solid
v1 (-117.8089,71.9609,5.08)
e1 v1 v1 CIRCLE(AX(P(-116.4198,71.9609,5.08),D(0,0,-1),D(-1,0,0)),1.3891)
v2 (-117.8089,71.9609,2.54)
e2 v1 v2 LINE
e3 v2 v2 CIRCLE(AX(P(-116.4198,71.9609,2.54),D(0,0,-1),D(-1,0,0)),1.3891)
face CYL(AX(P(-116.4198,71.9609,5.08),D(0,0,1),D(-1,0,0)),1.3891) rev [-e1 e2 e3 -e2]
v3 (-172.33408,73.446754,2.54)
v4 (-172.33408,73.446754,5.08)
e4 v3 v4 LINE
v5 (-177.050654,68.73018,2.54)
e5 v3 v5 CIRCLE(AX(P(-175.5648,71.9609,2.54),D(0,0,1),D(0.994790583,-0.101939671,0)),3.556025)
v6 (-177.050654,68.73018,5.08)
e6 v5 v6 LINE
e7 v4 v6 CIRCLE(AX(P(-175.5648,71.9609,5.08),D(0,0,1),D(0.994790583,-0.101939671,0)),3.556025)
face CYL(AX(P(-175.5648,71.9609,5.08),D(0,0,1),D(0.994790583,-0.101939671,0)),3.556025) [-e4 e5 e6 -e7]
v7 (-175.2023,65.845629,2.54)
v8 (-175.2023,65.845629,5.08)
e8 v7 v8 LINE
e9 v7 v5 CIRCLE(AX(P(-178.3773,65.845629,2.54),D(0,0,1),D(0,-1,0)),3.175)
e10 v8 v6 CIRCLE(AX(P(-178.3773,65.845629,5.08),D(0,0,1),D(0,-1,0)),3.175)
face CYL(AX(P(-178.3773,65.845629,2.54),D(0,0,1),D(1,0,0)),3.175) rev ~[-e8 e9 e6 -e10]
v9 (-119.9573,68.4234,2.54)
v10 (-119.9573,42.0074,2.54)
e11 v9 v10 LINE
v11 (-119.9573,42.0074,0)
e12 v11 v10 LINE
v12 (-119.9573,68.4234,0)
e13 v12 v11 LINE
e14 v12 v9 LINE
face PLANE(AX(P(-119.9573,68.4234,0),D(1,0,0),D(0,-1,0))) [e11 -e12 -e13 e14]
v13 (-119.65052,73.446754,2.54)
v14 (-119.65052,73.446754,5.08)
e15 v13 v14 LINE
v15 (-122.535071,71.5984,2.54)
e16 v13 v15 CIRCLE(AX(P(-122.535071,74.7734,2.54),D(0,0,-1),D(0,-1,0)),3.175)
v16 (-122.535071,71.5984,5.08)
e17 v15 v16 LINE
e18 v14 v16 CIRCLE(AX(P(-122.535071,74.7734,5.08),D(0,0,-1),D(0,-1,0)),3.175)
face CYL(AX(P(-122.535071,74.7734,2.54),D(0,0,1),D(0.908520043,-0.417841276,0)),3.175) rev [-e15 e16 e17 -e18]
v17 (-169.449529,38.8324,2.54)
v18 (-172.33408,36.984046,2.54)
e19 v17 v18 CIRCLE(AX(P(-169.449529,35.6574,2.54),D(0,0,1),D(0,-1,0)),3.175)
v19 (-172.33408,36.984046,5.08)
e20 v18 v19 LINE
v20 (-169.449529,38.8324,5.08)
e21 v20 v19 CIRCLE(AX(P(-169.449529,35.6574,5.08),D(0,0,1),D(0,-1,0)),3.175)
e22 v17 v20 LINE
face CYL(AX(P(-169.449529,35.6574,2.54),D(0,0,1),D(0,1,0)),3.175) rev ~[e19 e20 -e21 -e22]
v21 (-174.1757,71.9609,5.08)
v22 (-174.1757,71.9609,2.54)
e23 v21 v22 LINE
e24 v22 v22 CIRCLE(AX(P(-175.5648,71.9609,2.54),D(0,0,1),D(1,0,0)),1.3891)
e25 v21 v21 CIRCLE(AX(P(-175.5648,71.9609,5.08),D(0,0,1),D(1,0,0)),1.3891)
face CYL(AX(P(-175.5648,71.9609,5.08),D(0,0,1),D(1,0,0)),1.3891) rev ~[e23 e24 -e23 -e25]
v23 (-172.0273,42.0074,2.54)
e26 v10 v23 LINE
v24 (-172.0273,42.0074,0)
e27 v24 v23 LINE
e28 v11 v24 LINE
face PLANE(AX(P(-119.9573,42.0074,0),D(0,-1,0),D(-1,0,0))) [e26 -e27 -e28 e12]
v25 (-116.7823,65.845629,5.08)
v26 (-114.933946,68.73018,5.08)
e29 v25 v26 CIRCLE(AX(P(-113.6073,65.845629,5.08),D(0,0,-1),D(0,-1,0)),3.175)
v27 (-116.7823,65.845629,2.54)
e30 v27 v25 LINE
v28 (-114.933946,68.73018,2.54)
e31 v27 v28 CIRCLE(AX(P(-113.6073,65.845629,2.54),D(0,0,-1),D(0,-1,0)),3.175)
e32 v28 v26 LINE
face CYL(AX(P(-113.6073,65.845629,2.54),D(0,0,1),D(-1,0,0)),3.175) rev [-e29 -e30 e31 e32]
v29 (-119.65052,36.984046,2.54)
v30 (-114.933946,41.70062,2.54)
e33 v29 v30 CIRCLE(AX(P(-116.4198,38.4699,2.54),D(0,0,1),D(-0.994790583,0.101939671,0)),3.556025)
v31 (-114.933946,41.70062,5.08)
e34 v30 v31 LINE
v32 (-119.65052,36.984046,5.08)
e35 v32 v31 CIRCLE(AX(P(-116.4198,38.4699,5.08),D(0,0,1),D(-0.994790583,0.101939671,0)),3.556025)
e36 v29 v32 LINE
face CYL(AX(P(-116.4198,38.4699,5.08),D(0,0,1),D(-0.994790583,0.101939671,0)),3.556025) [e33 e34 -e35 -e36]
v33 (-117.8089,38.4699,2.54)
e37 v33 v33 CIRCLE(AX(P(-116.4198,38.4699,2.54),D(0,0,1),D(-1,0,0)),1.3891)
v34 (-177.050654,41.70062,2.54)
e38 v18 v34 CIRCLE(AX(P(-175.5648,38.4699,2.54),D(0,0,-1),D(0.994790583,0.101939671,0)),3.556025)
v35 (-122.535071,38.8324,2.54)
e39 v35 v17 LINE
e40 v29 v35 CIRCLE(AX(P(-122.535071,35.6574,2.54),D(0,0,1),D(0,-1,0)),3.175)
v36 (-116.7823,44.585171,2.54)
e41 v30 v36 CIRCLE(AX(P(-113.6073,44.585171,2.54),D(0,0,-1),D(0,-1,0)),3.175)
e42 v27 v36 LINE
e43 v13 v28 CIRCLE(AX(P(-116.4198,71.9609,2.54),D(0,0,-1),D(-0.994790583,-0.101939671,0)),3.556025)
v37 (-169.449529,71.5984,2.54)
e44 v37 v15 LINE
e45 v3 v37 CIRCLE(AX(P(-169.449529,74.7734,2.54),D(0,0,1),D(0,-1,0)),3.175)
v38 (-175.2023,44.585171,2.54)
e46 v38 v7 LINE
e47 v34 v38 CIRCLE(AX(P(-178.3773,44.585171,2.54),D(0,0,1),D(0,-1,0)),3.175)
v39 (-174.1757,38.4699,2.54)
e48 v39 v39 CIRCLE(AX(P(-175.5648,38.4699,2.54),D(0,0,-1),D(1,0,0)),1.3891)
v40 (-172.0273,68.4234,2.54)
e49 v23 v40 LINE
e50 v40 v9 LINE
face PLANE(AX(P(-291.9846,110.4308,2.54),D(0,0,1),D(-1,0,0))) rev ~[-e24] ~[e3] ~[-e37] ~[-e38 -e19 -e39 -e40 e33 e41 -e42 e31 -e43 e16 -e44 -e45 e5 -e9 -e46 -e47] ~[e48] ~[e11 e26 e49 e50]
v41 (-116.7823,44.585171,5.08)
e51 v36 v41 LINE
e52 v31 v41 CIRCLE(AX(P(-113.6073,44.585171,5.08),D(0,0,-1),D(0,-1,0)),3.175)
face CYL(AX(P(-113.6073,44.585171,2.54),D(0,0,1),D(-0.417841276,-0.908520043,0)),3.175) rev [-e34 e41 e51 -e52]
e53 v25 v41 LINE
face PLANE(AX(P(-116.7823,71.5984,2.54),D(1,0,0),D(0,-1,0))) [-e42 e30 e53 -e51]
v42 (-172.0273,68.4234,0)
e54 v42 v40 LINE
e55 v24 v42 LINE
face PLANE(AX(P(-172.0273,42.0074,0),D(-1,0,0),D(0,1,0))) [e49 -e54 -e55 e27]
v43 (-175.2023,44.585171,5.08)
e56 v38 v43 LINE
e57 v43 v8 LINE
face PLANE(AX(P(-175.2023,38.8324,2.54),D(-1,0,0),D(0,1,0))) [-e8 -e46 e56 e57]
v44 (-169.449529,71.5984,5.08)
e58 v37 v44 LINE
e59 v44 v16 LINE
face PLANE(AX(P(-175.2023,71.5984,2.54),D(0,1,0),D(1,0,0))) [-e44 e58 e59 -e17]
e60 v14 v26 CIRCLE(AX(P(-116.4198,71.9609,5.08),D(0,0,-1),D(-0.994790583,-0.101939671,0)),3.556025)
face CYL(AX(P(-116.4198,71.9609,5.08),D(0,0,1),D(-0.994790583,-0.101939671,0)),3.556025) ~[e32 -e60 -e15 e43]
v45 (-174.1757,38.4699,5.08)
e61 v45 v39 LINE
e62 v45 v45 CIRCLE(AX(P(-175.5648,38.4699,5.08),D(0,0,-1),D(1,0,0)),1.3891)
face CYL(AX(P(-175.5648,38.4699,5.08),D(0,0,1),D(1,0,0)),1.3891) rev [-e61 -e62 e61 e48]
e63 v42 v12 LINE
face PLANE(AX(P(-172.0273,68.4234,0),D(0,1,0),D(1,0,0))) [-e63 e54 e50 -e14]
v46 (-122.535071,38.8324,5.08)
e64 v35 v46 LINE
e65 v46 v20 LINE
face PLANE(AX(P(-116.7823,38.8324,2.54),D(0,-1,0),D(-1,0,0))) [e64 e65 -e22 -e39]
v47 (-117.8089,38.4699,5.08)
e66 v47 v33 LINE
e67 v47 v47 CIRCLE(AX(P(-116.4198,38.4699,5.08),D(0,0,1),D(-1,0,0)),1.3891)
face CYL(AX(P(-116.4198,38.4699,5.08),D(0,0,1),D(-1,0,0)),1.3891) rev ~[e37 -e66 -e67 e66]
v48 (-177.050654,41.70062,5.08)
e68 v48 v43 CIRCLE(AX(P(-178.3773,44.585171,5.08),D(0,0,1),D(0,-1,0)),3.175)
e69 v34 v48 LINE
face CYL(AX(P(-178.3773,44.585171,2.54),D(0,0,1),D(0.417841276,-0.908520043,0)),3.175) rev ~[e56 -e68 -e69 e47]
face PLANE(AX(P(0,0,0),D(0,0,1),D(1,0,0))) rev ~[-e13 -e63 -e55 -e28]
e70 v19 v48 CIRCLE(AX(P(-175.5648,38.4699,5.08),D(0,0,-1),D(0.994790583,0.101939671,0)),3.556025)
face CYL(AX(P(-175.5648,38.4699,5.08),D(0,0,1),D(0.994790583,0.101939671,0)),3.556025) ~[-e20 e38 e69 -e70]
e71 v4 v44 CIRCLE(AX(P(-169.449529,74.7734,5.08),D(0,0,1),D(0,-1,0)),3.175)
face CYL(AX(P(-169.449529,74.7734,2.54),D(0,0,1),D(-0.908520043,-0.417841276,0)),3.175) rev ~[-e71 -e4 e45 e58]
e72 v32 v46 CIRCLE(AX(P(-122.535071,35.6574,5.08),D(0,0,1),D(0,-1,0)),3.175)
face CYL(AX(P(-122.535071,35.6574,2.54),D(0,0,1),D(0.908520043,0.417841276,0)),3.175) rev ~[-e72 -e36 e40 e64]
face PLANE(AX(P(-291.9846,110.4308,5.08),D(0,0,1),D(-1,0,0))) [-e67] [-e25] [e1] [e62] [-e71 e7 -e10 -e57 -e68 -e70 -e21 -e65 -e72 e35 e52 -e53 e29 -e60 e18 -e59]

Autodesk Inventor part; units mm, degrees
ref_plane "YZ Plane" through (0, 0, 0) normal (1, 0, 0) x (0, 1, 0)
sketch "Sketch1" plane through (0, 0, 0) normal (0, 0, 1) x (1, 0, 0)
  line L0 (-172.0273, 68.4234) -> (-119.9573, 68.4234)
  line L1 (-119.9573, 68.4234) -> (-119.9573, 42.0074)
  line L2 (-119.9573, 42.0074) -> (-172.0273, 42.0074)
  line L3 (-172.0273, 42.0074) -> (-172.0273, 68.4234)
  point P0 (0, 0)
  dimension "d0" = 52.07
  dimension "d1" = 26.416
extrude "Extrusion1" add sketch "Sketch1" along normal blind 2.54
sketch "Sketch2" plane through (0, 0, 2.54) normal (0, 0, 1) x (1, 0, 0)
  line L0 (-119.9573, 68.4234) -> (-172.0273, 68.4234) projected
  line L1 (-119.9573, 68.4234) -> (-172.0273, 68.4234) projected
  line L2 (-172.0273, 68.4234) -> (-172.0273, 42.0074) projected
  line L3 (-172.0273, 42.0074) -> (-119.9573, 42.0074) projected
  line L4 (-119.9573, 42.0074) -> (-119.9573, 68.4234) projected
  line L5 (-116.7823, 38.8324) -> (-175.2023, 38.8324)
  line L6 (-175.2023, 38.8324) -> (-175.2023, 71.5984)
  line L7 (-175.2023, 71.5984) -> (-116.7823, 71.5984)
  line L8 (-116.7823, 71.5984) -> (-116.7823, 38.8324)
  point P0 (0, 0)
  dimension "d18" = 3.175
  dimension "d19" = 3.175
  dimension "d20" = 3.175
  dimension "d21" = 3.175
  dimension "d25" = 32.766
  dimension "d26" = 58.42
extrude "Extrusion2" add sketch "Sketch2" along normal blind 2.54 contours L4 L3 L2 L0 | L5 L6 L7 L8
fillet "Fillet1" radius 3.175 4 edges at (-116.7823, 38.8324, 3.81) (-175.2023, 38.8324, 3.81) (-116.7823, 71.5984, 3.81) (-175.2023, 71.5984, 3.81)
sketch "Sketch4" plane through (0, 0, 5.08) normal (0, 0, 1) x (1, 0, 0)
  circle A0 centre (-175.5648, 71.9609) radius 1.3891
  line L0 (-119.9573, 71.5984) -> (-172.0273, 71.5984) projected
  arc A1 (-172.0273, 71.5984) -> (-175.2023, 68.4234) centre (-172.0273, 68.4234) ccw projected
  line L1 (-175.2023, 68.4234) -> (-175.2023, 42.0074) projected
  arc A2 (-172.0273, 71.5984) -> (-175.2023, 68.4234) centre (-175.5648, 71.9609) ccw
  point P0 (0, 0)
  dimension "d12" = 2.7781
  dimension "d23" = 3.556
extrude "Extrusion3" add sketch "Sketch4" against normal up to surface (2.54 mm away)
ref_plane "Work Plane1" through (-145.9923, 42.0074, 2.54) normal (-1, 0, 0) x (0, 0, 1)
ref_plane "Work Plane2" through (-172.0273, 55.2154, 2.54) normal (0, -1, 0) x (1, 0, 0)
mirror "Mirror1" about plane through (-145.9923, 42.0074, 2.54) normal (-1, 0, 0) of "Extrusion3"
mirror "Mirror2" about plane through (-172.0273, 55.2154, 2.54) normal (0, -1, 0) of "Extrusion3", "Mirror1"
fillet "Fillet3" radius 3.175 8 edges at (-175.2023, 42.0074, 3.81) (-175.2023, 68.4234, 3.81) (-119.9573, 38.8324, 3.81) (-172.0273, 71.5984, 3.81) (-119.9573, 71.5984, 3.81) (-116.7823, 68.4234, 3.81) (-116.7823, 42.0074, 3.81) (-172.0273, 38.8324, 3.81)
equation "\"d19\" = d18"
equation "\"d21\" = d20"
properties part number "sensor_lid"
